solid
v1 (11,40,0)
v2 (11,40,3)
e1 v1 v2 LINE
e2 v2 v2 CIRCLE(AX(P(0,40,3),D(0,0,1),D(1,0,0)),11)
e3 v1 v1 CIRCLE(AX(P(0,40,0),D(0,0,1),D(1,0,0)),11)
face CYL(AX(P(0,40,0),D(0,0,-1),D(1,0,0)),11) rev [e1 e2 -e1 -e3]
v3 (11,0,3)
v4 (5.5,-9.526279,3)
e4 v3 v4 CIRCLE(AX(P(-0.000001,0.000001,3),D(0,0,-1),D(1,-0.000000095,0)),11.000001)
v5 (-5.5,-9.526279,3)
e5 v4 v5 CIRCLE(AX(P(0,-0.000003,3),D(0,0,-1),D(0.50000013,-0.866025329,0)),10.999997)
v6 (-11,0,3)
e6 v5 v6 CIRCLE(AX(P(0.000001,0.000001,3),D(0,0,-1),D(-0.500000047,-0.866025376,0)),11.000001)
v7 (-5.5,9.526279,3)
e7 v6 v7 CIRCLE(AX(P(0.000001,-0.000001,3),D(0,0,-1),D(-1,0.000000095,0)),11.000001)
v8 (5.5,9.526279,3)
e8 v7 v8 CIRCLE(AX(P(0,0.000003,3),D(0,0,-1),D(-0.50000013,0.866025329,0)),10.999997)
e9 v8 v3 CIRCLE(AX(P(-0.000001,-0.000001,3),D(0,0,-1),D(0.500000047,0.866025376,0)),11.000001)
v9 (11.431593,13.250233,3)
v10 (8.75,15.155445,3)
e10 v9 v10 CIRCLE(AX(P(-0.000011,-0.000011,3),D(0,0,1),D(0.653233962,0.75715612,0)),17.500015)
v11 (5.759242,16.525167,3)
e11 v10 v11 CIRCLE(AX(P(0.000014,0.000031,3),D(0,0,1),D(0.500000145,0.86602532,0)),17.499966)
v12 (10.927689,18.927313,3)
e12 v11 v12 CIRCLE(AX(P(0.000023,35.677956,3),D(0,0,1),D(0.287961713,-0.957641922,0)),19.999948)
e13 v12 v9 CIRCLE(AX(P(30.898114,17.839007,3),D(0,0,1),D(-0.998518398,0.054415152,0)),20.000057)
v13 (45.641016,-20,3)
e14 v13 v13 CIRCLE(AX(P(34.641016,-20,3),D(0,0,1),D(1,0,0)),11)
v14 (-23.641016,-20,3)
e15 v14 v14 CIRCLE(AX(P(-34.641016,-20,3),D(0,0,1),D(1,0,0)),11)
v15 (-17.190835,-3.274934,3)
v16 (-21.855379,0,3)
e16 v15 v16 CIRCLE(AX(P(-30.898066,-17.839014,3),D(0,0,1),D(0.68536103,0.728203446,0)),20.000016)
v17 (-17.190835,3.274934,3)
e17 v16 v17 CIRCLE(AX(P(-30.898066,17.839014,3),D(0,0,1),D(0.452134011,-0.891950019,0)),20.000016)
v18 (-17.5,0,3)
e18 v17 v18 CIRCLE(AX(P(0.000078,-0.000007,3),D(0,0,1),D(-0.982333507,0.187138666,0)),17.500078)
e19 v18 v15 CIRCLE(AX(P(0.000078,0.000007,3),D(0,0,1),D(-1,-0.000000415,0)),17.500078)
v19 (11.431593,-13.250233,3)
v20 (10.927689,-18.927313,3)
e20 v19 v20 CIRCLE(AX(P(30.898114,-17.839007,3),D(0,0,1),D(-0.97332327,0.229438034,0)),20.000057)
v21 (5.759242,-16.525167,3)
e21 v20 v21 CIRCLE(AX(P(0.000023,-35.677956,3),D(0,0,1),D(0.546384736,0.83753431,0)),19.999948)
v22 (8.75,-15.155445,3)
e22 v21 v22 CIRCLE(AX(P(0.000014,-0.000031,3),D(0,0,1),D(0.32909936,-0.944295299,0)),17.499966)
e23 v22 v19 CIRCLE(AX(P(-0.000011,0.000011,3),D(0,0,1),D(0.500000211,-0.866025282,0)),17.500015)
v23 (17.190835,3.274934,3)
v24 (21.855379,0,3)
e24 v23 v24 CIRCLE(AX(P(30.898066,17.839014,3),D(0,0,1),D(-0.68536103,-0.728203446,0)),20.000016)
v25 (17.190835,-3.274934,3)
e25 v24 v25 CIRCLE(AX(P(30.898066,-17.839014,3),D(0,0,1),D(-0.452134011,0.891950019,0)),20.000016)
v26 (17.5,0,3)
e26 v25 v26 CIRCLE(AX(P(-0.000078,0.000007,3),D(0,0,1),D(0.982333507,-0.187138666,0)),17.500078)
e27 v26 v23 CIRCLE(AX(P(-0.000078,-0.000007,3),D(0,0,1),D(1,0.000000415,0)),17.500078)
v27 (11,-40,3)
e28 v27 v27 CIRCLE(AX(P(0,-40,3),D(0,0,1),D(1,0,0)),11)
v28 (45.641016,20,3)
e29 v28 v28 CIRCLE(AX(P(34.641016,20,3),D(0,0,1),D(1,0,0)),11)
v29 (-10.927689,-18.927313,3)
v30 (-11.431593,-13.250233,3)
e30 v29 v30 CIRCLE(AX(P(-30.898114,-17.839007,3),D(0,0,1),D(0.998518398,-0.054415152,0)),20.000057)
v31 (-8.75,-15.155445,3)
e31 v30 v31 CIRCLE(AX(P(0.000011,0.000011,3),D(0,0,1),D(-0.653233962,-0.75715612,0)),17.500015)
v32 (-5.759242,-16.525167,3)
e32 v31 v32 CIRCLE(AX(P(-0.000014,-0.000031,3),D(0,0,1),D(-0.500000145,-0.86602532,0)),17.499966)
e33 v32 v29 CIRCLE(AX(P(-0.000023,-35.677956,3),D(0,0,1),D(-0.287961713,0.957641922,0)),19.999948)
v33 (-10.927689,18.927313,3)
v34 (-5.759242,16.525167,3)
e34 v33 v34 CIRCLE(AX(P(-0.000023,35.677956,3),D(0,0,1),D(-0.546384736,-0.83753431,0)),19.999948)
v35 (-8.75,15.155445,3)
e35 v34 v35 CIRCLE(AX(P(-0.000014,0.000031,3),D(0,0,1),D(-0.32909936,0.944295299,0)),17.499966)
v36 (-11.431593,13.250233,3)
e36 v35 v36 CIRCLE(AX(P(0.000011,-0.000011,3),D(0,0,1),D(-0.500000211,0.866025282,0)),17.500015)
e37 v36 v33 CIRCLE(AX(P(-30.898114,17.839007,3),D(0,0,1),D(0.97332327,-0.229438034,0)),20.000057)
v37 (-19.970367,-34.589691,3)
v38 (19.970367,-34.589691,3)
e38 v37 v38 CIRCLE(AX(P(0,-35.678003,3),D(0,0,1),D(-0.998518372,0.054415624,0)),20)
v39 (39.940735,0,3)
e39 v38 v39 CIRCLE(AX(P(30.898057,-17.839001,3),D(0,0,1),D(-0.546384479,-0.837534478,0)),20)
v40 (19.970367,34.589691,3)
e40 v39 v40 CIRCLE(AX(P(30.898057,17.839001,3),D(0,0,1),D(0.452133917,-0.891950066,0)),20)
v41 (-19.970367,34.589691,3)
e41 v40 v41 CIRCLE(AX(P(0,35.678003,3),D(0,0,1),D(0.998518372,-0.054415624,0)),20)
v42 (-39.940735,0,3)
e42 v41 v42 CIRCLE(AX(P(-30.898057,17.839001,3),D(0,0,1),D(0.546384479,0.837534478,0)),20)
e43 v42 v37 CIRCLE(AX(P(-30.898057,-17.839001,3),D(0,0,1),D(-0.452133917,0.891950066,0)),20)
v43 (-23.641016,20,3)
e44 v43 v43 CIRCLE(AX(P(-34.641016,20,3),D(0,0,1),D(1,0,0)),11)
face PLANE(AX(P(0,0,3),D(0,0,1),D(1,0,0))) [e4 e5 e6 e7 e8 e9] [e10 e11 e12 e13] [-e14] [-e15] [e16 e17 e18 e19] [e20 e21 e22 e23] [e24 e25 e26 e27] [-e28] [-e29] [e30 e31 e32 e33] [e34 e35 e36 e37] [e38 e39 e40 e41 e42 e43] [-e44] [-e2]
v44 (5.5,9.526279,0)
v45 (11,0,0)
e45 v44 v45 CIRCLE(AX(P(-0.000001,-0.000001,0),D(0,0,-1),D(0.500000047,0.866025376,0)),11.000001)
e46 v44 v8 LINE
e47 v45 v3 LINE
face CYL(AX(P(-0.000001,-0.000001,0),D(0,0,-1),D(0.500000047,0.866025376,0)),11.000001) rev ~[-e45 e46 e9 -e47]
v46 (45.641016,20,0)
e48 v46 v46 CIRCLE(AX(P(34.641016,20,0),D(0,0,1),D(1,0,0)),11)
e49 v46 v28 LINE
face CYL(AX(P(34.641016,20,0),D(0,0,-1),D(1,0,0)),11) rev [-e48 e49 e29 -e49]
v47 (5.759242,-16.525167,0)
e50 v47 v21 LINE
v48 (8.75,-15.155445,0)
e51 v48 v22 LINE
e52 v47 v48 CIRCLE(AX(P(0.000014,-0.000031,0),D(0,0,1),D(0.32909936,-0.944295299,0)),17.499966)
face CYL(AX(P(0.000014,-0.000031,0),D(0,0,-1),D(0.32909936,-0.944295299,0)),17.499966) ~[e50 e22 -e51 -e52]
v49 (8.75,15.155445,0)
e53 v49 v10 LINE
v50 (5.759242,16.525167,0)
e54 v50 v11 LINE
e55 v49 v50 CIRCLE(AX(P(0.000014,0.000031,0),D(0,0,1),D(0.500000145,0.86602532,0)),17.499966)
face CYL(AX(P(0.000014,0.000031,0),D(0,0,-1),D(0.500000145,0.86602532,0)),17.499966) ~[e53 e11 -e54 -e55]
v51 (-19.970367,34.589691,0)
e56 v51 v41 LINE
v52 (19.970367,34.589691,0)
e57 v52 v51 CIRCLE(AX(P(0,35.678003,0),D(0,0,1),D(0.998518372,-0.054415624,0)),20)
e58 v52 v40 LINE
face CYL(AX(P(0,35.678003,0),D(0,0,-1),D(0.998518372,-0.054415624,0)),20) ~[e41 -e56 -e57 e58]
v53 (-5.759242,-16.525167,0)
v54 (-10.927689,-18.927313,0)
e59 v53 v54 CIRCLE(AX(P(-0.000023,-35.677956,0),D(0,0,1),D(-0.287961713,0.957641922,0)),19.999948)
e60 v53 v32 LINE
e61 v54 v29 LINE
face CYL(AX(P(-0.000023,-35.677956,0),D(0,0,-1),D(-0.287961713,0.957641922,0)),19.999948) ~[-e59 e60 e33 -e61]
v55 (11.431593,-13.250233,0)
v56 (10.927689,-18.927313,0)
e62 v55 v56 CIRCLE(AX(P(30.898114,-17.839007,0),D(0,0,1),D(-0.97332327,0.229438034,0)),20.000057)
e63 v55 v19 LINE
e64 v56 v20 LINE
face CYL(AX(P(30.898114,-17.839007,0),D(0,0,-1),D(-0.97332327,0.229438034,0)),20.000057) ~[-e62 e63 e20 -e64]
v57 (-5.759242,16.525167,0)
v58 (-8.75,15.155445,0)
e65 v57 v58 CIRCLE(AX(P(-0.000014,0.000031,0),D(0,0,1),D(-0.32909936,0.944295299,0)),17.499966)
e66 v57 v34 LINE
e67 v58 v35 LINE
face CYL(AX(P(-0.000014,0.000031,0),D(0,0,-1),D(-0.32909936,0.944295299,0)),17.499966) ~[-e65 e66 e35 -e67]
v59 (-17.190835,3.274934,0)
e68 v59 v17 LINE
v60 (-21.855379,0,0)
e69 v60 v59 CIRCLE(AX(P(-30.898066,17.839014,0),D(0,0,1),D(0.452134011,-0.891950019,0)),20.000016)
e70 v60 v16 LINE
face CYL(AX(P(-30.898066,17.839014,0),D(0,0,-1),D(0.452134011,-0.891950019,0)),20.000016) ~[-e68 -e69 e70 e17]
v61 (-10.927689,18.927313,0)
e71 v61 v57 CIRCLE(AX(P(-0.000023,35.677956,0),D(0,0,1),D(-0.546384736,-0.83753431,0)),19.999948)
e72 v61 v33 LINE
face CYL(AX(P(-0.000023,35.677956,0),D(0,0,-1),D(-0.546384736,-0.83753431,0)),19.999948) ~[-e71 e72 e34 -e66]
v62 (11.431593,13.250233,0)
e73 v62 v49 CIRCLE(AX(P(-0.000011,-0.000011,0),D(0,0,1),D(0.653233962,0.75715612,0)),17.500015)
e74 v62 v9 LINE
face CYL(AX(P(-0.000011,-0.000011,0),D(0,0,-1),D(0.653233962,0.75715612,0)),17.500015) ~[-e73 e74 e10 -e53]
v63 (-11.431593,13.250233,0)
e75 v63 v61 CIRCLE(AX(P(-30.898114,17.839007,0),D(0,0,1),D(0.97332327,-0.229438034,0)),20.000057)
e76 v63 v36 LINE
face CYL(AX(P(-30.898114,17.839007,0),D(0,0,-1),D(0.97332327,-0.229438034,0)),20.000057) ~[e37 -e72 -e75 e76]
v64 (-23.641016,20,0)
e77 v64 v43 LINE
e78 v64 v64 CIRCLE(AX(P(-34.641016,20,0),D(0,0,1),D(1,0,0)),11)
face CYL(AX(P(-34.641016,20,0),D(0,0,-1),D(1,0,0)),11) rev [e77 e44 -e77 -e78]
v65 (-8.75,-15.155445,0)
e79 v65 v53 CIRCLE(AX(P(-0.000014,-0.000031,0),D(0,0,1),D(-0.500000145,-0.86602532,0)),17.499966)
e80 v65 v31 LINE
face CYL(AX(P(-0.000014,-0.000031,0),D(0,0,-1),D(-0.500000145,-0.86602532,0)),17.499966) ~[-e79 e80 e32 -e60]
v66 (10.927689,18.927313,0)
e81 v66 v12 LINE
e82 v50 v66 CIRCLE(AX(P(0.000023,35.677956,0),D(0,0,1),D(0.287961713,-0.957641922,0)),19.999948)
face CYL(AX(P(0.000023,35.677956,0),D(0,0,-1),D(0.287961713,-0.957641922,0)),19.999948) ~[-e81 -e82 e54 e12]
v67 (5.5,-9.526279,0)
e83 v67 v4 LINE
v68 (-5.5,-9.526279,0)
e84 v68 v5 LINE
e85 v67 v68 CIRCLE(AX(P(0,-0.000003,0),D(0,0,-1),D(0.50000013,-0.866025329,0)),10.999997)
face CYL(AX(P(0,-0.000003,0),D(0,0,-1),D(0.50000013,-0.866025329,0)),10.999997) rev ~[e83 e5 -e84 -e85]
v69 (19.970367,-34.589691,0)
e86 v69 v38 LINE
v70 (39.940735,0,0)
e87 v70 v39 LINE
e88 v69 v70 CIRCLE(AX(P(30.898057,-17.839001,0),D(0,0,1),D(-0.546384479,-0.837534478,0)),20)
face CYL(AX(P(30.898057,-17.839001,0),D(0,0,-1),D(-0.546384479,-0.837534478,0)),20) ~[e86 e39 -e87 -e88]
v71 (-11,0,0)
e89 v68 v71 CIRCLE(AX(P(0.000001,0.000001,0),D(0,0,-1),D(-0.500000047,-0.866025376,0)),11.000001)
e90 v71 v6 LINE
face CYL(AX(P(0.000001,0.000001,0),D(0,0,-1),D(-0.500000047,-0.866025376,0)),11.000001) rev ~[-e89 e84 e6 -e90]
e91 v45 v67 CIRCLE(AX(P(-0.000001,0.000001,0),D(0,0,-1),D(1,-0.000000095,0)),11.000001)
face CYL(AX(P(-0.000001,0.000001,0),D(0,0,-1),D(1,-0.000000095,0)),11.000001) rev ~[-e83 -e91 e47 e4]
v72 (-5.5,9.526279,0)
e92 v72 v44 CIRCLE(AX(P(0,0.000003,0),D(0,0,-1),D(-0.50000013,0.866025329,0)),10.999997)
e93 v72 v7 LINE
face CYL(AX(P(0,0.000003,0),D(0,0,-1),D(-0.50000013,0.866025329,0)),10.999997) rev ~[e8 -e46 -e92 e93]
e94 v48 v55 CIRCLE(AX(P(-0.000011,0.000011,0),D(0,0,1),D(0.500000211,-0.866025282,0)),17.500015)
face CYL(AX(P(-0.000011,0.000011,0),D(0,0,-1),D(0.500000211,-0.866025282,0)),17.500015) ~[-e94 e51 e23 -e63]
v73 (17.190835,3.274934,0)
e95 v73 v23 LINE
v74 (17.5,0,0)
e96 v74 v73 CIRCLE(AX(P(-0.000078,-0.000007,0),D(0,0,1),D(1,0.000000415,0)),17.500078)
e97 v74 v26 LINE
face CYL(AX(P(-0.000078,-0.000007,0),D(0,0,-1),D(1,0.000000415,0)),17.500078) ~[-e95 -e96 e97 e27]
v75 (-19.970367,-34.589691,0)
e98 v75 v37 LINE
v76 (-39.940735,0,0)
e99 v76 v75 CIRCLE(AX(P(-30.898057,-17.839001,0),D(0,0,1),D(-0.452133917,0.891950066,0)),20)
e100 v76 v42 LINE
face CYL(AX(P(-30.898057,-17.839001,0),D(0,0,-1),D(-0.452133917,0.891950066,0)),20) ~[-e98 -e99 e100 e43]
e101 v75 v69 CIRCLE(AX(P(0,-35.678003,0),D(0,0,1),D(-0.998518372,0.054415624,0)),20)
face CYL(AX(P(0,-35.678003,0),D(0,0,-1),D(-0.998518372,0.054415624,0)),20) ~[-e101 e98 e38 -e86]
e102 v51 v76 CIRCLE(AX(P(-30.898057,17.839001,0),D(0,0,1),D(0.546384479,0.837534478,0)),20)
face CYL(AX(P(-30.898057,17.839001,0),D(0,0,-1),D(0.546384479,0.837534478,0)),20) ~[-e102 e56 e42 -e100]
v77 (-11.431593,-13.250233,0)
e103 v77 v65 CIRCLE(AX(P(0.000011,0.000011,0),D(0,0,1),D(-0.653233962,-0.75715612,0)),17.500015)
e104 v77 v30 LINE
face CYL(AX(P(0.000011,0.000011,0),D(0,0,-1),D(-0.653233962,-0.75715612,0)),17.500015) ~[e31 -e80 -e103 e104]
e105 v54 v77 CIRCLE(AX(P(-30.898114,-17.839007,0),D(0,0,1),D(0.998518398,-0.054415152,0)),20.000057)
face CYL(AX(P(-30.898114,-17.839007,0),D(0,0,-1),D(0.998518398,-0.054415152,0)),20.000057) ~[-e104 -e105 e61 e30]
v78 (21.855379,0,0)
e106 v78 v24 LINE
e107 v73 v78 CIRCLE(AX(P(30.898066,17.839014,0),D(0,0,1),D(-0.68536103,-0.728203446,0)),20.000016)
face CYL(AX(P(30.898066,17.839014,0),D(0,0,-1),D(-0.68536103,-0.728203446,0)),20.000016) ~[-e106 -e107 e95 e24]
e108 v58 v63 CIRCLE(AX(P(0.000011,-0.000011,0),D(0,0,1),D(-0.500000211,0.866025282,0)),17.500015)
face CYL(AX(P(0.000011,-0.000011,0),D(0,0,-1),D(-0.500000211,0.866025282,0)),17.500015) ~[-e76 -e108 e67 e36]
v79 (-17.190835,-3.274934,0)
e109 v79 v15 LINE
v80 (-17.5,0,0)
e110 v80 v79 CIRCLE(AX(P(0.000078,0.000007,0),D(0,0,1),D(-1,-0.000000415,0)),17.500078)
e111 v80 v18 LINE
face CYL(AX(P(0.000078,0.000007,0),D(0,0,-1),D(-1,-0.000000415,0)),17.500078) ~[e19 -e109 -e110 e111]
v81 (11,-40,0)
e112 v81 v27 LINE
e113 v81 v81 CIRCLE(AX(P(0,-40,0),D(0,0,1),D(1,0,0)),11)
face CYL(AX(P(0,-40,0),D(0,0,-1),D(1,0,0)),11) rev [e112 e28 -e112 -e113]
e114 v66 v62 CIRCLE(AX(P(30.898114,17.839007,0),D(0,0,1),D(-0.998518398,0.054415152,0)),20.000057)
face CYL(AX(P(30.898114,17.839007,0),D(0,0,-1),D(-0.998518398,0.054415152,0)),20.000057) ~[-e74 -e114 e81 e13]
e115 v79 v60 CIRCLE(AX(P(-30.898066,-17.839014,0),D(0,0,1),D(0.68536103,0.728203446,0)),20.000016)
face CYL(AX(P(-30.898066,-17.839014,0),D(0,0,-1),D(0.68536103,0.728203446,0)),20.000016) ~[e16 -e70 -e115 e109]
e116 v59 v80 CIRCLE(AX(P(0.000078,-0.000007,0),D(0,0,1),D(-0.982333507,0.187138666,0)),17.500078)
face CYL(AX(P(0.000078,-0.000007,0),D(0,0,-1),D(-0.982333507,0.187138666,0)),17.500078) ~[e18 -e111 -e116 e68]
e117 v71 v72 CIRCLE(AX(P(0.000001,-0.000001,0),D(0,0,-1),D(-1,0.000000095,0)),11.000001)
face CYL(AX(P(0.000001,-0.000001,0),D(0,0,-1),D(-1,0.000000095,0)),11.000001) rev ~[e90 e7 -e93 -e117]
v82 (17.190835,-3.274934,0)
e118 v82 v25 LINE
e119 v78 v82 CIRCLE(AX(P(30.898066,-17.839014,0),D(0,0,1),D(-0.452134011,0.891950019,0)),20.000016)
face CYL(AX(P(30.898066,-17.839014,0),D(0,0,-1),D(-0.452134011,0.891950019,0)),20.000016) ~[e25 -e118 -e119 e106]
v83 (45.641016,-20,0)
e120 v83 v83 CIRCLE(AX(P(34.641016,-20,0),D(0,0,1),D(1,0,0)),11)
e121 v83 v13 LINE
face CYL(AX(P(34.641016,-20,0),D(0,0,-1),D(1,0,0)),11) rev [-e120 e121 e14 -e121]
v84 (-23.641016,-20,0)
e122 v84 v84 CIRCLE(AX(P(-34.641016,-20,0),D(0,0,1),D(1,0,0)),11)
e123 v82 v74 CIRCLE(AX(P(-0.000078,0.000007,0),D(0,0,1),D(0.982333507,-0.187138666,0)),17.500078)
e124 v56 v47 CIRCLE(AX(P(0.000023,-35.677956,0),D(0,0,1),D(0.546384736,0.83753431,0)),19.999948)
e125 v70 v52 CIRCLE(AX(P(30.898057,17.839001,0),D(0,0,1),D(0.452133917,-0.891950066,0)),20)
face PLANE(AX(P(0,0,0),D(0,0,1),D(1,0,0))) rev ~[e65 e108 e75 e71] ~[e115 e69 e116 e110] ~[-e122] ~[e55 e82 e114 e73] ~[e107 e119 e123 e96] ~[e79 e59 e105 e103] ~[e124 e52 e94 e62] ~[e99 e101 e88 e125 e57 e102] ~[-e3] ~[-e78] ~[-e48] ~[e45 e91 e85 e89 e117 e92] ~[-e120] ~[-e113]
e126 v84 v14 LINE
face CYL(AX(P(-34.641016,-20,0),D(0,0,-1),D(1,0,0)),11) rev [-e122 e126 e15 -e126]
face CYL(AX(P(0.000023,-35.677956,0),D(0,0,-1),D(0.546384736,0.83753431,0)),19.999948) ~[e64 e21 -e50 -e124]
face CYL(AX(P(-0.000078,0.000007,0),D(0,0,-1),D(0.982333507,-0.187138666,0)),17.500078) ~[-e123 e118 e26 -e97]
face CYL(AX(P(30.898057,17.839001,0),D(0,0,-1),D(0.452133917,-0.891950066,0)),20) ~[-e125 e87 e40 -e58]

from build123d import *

# Parameters (mm, degrees)
F0_R     = 11
F1_DEPTH = 3


with BuildPart() as f1:
    # F0 (on Top) → F1 (new body)
    with BuildSketch(Plane.XY):
        with BuildLine():
            ThreePointArc((39.940735, 0), (48.218565, 27.839001), (19.970367, 34.589691))
            ThreePointArc((19.970367, 34.589691), (0, 55.678003), (-19.970367, 34.589691))
            ThreePointArc((-19.970367, 34.589691), (-48.218565, 27.839001), (-39.940735, 0))
            ThreePointArc((-39.940735, 0), (-48.218565, -27.839001), (-19.970367, -34.589691))
            ThreePointArc((-19.970367, -34.589691), (0, -55.678003), (19.970367, -34.589691))
            ThreePointArc((19.970367, -34.589691), (48.218565, -27.839001), (39.940735, 0))
        make_face()
        with Locations((0, -40)):
            Circle(F0_R, mode=Mode.SUBTRACT)
        with Locations((-34.641016, -20)):
            Circle(F0_R, mode=Mode.SUBTRACT)
        with BuildLine():
            ThreePointArc((-5.759242, -16.525167), (-8.429472, -17.541189), (-10.927689, -18.927313))
            ThreePointArc((-10.927689, -18.927313), (-10.97638, -16.070731), (-11.431593, -13.250233))
            ThreePointArc((-11.431593, -13.250233), (-10.135662, -14.265986), (-8.75, -15.155445))
            ThreePointArc((-8.75, -15.155445), (-7.286876, -15.910734), (-5.759242, -16.525167))
        make_face(mode=Mode.SUBTRACT)
        with BuildLine():
            ThreePointArc((11.431593, -13.250233), (10.97638, -16.070731), (10.927689, -18.927313))
            ThreePointArc((10.927689, -18.927313), (8.429472, -17.541189), (5.759242, -16.525167))
            ThreePointArc((5.759242, -16.525167), (7.286876, -15.910734), (8.75, -15.155445))
            ThreePointArc((8.75, -15.155445), (10.135662, -14.265986), (11.431593, -13.250233))
        make_face(mode=Mode.SUBTRACT)
        with BuildLine():
            ThreePointArc((17.190835, 3.274934), (19.405852, 1.470458), (21.855379, 0))
            ThreePointArc((21.855379, 0), (19.405852, -1.470458), (17.190835, -3.274934))
            ThreePointArc((17.190835, -3.274934), (17.422537, -1.644747), (17.5, 0))
            ThreePointArc((17.5, 0), (17.422537, 1.644747), (17.190835, 3.274934))
        make_face(mode=Mode.SUBTRACT)
        with Locations((34.641016, -20)):
            Circle(F0_R, mode=Mode.SUBTRACT)
        with Locations((-34.641016, 20)):
            Circle(F0_R, mode=Mode.SUBTRACT)
        with BuildLine():
            ThreePointArc((-17.190835, -3.274934), (-19.405852, -1.470458), (-21.855379, 0))
            ThreePointArc((-21.855379, 0), (-19.405852, 1.470458), (-17.190835, 3.274934))
            ThreePointArc((-17.190835, 3.274934), (-17.422537, 1.644747), (-17.5, 0))
            ThreePointArc((-17.5, 0), (-17.422537, -1.644747), (-17.190835, -3.274934))
        make_face(mode=Mode.SUBTRACT)
        with BuildLine():
            ThreePointArc((-5.5, 9.526279), (0, 11), (5.5, 9.526279))
            ThreePointArc((5.5, 9.526279), (9.526279, 5.5), (11, 0))
            ThreePointArc((11, 0), (9.526279, -5.5), (5.5, -9.526279))
            ThreePointArc((5.5, -9.526279), (0, -11), (-5.5, -9.526279))
            ThreePointArc((-5.5, -9.526279), (-9.526279, -5.5), (-11, 0))
            ThreePointArc((-11, 0), (-9.526279, 5.5), (-5.5, 9.526279))
        make_face(mode=Mode.SUBTRACT)
        with BuildLine():
            ThreePointArc((-10.927689, 18.927313), (-8.429472, 17.541189), (-5.759242, 16.525167))
            ThreePointArc((-5.759242, 16.525167), (-7.286876, 15.910734), (-8.75, 15.155445))
            ThreePointArc((-8.75, 15.155445), (-10.135662, 14.265986), (-11.431593, 13.250233))
            ThreePointArc((-11.431593, 13.250233), (-10.97638, 16.070731), (-10.927689, 18.927313))
        make_face(mode=Mode.SUBTRACT)
        with Locations((0, 40)):
            Circle(F0_R, mode=Mode.SUBTRACT)
        with BuildLine():
            ThreePointArc((8.75, 15.155445), (7.286876, 15.910734), (5.759242, 16.525167))
            ThreePointArc((5.759242, 16.525167), (8.429472, 17.541189), (10.927689, 18.927313))
            ThreePointArc((10.927689, 18.927313), (10.97638, 16.070731), (11.431593, 13.250233))
            ThreePointArc((11.431593, 13.250233), (10.135662, 14.265986), (8.75, 15.155445))
        make_face(mode=Mode.SUBTRACT)
        with Locations((34.641016, 20)):
            Circle(F0_R, mode=Mode.SUBTRACT)
    extrude(amount=F1_DEPTH)


solid = f1.part
